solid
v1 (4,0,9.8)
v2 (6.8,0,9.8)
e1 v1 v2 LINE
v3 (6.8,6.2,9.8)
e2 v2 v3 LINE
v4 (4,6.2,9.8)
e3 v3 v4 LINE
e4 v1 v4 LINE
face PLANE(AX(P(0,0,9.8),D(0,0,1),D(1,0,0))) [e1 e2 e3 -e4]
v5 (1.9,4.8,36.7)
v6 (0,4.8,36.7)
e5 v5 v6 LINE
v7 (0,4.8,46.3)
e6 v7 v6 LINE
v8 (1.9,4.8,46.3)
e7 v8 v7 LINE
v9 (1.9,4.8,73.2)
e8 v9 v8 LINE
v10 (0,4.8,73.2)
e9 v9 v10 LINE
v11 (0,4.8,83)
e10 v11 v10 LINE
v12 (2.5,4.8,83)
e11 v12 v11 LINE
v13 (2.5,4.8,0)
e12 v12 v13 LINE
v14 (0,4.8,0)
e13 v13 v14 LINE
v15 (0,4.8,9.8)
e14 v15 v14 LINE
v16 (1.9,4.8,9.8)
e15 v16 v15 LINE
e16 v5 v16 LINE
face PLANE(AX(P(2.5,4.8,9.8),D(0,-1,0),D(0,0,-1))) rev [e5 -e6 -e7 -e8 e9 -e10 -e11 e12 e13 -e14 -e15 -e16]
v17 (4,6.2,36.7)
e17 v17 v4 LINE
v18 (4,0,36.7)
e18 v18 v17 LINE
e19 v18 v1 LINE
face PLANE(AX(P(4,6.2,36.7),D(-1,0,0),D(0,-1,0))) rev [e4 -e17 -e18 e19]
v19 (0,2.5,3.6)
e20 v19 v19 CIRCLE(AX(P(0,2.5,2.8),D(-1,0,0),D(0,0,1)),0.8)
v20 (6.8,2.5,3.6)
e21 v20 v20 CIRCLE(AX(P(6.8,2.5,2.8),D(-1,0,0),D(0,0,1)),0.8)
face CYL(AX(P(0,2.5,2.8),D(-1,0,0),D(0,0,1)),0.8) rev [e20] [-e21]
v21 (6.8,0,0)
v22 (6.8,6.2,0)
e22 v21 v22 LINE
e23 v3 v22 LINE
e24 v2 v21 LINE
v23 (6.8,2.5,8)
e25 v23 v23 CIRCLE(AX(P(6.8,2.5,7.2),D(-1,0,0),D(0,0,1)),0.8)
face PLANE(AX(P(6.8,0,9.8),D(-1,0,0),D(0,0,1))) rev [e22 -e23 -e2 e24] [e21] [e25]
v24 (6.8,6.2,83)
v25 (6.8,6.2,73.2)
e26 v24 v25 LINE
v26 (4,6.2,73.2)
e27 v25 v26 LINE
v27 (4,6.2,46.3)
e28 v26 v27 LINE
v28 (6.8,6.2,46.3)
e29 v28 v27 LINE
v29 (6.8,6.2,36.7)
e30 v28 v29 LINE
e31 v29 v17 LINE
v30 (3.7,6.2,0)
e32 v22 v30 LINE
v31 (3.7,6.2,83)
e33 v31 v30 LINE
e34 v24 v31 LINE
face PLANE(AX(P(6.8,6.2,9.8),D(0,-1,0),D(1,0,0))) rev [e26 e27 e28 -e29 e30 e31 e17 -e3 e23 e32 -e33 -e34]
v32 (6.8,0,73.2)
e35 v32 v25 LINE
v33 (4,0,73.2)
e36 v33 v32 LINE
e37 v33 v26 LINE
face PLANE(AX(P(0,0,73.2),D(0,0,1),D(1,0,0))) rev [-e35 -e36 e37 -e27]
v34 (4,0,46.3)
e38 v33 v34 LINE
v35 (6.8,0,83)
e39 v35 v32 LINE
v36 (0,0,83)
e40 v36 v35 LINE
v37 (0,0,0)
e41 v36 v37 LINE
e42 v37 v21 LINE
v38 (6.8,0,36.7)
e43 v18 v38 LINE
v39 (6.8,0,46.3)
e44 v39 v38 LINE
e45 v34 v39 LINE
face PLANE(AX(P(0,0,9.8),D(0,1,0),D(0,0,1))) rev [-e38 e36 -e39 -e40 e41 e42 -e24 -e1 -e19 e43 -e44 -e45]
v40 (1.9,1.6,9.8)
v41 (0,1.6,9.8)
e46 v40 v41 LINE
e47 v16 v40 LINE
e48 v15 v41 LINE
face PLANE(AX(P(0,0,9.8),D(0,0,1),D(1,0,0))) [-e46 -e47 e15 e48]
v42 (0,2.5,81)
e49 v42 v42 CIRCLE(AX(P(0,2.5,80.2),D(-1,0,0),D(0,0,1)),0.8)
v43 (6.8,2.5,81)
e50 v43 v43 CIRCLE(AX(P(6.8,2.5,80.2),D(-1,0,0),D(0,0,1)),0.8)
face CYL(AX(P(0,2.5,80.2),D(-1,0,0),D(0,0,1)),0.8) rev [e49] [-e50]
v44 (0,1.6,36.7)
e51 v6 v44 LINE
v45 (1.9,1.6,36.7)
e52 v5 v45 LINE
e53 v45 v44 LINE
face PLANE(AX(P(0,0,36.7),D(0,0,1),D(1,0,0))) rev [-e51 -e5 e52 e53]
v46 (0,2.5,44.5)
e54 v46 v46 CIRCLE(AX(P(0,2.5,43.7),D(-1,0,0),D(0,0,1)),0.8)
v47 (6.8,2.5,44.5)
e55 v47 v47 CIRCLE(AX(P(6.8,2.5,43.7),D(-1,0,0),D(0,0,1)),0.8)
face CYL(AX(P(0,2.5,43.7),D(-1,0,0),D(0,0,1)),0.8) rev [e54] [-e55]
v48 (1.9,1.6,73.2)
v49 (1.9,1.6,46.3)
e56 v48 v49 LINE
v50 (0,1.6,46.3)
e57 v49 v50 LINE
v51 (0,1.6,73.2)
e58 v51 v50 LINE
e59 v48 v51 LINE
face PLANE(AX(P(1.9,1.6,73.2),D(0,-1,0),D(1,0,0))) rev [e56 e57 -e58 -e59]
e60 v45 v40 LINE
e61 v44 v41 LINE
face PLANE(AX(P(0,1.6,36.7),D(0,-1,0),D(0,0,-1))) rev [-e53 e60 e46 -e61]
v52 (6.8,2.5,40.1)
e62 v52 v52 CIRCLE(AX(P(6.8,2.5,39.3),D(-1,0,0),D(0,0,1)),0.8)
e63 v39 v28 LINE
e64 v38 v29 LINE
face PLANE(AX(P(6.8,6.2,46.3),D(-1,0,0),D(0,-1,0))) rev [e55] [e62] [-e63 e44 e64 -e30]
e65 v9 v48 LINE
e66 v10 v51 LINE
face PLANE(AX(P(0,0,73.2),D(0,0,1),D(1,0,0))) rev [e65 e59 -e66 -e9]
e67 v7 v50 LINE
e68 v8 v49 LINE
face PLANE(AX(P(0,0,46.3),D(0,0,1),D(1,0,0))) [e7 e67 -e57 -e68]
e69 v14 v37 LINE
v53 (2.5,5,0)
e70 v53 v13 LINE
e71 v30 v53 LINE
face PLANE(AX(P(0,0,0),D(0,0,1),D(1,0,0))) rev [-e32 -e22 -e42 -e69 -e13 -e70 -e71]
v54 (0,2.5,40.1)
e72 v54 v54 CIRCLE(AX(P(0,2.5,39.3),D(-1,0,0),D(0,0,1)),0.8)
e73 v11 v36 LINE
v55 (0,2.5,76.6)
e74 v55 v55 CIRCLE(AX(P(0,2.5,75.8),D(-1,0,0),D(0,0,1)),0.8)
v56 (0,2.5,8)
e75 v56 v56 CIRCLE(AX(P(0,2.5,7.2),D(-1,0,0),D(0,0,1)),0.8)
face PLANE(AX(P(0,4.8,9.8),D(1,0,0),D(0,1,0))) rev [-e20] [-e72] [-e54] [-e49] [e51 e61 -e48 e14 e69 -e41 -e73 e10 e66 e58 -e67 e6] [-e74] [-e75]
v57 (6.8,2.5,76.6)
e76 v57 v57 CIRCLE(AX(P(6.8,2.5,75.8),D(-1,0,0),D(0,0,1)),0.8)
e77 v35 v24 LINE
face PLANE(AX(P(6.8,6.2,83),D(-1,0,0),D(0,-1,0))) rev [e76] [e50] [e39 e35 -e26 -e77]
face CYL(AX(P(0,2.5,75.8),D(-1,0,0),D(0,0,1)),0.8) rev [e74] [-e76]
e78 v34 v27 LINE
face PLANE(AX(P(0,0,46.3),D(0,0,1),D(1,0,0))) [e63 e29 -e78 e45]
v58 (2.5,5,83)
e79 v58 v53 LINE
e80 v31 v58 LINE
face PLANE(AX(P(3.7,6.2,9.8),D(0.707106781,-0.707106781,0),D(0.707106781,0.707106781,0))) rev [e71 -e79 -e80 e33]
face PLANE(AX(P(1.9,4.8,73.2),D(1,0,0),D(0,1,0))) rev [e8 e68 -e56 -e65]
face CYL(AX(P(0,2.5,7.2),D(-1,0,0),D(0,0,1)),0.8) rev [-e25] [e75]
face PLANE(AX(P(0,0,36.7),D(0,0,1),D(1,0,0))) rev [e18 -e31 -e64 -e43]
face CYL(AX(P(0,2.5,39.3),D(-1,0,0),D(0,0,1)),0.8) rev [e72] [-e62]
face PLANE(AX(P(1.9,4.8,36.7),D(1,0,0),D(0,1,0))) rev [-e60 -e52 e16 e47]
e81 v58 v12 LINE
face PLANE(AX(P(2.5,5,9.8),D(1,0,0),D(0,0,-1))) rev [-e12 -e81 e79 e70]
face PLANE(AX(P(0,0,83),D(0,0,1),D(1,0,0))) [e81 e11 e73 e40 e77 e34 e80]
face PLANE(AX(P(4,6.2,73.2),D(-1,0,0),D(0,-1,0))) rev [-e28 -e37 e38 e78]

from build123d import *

# Parameters (mm, degrees)
BOSS_EXTRUDE1_DEPTH         = 9.8
BOSS_EXTRUDE2_DEPTH         = 26.9
BOSS_EXTRUDE3_DEPTH         = 9.6
BOSS_EXTRUDE4_DEPTH         = 26.9
BOSS_EXTRUDE5_DEPTH         = 9.8
TAP_DRILL_FOR_M2X0_4_TAP1_D = 1.6


with BuildPart() as part:
    # Sketch2 → Boss-Extrude1 (new body)
    with BuildSketch(Plane.XY):
        Polygon((0, 0), (6.8, 0), (6.8, 6.2), (3.7, 6.2), (2.5, 5), (2.5, 4.8), (0, 4.8), align=None)
    extrude(amount=BOSS_EXTRUDE1_DEPTH)

    # Sketch3 → Boss-Extrude2 (add)
    with BuildSketch(Plane.XY.offset(9.8)):
        Polygon((0, 0), (0, 1.6), (1.9, 1.6), (1.9, 4.8), (2.5, 4.8), (2.5, 5), (3.7, 6.2), (4, 6.2), (4, 0), align=None)
    extrude(amount=BOSS_EXTRUDE2_DEPTH)

    # Sketch6 → Boss-Extrude3 (add)
    with BuildSketch(Plane.XY.offset(36.7)):
        Polygon((0, 0), (6.8, 0), (6.8, 6.2), (3.7, 6.2), (2.5, 5), (2.5, 4.8), (0, 4.8), align=None)
    extrude(amount=BOSS_EXTRUDE3_DEPTH)

    # Sketch7 → Boss-Extrude4 (add)
    with BuildSketch(Plane.XY.offset(46.3)):
        Polygon((0, 0), (0, 1.6), (1.9, 1.6), (1.9, 4.8), (2.5, 4.8), (2.5, 5), (3.7, 6.2), (4, 6.2), (4, 0), align=None)
    extrude(amount=BOSS_EXTRUDE4_DEPTH)

    # Sketch8 → Boss-Extrude5 (add)
    with BuildSketch(Plane.XY.offset(73.2)):
        Polygon((0, 0), (6.8, 0), (6.8, 6.2), (3.7, 6.2), (2.5, 5), (2.5, 4.8), (0, 4.8), align=None)
    extrude(amount=BOSS_EXTRUDE5_DEPTH)

    # Tap Drill for M2x0.4 Tap1 (through all)
    with Locations(Plane.ZY):
        with Locations((7.2, 2.5), (2.8, 2.5), (39.3, 2.5), (43.7, 2.5), (75.8, 2.5), (80.2, 2.5)):
            Hole(TAP_DRILL_FOR_M2X0_4_TAP1_D / 2)


solid = part.part
